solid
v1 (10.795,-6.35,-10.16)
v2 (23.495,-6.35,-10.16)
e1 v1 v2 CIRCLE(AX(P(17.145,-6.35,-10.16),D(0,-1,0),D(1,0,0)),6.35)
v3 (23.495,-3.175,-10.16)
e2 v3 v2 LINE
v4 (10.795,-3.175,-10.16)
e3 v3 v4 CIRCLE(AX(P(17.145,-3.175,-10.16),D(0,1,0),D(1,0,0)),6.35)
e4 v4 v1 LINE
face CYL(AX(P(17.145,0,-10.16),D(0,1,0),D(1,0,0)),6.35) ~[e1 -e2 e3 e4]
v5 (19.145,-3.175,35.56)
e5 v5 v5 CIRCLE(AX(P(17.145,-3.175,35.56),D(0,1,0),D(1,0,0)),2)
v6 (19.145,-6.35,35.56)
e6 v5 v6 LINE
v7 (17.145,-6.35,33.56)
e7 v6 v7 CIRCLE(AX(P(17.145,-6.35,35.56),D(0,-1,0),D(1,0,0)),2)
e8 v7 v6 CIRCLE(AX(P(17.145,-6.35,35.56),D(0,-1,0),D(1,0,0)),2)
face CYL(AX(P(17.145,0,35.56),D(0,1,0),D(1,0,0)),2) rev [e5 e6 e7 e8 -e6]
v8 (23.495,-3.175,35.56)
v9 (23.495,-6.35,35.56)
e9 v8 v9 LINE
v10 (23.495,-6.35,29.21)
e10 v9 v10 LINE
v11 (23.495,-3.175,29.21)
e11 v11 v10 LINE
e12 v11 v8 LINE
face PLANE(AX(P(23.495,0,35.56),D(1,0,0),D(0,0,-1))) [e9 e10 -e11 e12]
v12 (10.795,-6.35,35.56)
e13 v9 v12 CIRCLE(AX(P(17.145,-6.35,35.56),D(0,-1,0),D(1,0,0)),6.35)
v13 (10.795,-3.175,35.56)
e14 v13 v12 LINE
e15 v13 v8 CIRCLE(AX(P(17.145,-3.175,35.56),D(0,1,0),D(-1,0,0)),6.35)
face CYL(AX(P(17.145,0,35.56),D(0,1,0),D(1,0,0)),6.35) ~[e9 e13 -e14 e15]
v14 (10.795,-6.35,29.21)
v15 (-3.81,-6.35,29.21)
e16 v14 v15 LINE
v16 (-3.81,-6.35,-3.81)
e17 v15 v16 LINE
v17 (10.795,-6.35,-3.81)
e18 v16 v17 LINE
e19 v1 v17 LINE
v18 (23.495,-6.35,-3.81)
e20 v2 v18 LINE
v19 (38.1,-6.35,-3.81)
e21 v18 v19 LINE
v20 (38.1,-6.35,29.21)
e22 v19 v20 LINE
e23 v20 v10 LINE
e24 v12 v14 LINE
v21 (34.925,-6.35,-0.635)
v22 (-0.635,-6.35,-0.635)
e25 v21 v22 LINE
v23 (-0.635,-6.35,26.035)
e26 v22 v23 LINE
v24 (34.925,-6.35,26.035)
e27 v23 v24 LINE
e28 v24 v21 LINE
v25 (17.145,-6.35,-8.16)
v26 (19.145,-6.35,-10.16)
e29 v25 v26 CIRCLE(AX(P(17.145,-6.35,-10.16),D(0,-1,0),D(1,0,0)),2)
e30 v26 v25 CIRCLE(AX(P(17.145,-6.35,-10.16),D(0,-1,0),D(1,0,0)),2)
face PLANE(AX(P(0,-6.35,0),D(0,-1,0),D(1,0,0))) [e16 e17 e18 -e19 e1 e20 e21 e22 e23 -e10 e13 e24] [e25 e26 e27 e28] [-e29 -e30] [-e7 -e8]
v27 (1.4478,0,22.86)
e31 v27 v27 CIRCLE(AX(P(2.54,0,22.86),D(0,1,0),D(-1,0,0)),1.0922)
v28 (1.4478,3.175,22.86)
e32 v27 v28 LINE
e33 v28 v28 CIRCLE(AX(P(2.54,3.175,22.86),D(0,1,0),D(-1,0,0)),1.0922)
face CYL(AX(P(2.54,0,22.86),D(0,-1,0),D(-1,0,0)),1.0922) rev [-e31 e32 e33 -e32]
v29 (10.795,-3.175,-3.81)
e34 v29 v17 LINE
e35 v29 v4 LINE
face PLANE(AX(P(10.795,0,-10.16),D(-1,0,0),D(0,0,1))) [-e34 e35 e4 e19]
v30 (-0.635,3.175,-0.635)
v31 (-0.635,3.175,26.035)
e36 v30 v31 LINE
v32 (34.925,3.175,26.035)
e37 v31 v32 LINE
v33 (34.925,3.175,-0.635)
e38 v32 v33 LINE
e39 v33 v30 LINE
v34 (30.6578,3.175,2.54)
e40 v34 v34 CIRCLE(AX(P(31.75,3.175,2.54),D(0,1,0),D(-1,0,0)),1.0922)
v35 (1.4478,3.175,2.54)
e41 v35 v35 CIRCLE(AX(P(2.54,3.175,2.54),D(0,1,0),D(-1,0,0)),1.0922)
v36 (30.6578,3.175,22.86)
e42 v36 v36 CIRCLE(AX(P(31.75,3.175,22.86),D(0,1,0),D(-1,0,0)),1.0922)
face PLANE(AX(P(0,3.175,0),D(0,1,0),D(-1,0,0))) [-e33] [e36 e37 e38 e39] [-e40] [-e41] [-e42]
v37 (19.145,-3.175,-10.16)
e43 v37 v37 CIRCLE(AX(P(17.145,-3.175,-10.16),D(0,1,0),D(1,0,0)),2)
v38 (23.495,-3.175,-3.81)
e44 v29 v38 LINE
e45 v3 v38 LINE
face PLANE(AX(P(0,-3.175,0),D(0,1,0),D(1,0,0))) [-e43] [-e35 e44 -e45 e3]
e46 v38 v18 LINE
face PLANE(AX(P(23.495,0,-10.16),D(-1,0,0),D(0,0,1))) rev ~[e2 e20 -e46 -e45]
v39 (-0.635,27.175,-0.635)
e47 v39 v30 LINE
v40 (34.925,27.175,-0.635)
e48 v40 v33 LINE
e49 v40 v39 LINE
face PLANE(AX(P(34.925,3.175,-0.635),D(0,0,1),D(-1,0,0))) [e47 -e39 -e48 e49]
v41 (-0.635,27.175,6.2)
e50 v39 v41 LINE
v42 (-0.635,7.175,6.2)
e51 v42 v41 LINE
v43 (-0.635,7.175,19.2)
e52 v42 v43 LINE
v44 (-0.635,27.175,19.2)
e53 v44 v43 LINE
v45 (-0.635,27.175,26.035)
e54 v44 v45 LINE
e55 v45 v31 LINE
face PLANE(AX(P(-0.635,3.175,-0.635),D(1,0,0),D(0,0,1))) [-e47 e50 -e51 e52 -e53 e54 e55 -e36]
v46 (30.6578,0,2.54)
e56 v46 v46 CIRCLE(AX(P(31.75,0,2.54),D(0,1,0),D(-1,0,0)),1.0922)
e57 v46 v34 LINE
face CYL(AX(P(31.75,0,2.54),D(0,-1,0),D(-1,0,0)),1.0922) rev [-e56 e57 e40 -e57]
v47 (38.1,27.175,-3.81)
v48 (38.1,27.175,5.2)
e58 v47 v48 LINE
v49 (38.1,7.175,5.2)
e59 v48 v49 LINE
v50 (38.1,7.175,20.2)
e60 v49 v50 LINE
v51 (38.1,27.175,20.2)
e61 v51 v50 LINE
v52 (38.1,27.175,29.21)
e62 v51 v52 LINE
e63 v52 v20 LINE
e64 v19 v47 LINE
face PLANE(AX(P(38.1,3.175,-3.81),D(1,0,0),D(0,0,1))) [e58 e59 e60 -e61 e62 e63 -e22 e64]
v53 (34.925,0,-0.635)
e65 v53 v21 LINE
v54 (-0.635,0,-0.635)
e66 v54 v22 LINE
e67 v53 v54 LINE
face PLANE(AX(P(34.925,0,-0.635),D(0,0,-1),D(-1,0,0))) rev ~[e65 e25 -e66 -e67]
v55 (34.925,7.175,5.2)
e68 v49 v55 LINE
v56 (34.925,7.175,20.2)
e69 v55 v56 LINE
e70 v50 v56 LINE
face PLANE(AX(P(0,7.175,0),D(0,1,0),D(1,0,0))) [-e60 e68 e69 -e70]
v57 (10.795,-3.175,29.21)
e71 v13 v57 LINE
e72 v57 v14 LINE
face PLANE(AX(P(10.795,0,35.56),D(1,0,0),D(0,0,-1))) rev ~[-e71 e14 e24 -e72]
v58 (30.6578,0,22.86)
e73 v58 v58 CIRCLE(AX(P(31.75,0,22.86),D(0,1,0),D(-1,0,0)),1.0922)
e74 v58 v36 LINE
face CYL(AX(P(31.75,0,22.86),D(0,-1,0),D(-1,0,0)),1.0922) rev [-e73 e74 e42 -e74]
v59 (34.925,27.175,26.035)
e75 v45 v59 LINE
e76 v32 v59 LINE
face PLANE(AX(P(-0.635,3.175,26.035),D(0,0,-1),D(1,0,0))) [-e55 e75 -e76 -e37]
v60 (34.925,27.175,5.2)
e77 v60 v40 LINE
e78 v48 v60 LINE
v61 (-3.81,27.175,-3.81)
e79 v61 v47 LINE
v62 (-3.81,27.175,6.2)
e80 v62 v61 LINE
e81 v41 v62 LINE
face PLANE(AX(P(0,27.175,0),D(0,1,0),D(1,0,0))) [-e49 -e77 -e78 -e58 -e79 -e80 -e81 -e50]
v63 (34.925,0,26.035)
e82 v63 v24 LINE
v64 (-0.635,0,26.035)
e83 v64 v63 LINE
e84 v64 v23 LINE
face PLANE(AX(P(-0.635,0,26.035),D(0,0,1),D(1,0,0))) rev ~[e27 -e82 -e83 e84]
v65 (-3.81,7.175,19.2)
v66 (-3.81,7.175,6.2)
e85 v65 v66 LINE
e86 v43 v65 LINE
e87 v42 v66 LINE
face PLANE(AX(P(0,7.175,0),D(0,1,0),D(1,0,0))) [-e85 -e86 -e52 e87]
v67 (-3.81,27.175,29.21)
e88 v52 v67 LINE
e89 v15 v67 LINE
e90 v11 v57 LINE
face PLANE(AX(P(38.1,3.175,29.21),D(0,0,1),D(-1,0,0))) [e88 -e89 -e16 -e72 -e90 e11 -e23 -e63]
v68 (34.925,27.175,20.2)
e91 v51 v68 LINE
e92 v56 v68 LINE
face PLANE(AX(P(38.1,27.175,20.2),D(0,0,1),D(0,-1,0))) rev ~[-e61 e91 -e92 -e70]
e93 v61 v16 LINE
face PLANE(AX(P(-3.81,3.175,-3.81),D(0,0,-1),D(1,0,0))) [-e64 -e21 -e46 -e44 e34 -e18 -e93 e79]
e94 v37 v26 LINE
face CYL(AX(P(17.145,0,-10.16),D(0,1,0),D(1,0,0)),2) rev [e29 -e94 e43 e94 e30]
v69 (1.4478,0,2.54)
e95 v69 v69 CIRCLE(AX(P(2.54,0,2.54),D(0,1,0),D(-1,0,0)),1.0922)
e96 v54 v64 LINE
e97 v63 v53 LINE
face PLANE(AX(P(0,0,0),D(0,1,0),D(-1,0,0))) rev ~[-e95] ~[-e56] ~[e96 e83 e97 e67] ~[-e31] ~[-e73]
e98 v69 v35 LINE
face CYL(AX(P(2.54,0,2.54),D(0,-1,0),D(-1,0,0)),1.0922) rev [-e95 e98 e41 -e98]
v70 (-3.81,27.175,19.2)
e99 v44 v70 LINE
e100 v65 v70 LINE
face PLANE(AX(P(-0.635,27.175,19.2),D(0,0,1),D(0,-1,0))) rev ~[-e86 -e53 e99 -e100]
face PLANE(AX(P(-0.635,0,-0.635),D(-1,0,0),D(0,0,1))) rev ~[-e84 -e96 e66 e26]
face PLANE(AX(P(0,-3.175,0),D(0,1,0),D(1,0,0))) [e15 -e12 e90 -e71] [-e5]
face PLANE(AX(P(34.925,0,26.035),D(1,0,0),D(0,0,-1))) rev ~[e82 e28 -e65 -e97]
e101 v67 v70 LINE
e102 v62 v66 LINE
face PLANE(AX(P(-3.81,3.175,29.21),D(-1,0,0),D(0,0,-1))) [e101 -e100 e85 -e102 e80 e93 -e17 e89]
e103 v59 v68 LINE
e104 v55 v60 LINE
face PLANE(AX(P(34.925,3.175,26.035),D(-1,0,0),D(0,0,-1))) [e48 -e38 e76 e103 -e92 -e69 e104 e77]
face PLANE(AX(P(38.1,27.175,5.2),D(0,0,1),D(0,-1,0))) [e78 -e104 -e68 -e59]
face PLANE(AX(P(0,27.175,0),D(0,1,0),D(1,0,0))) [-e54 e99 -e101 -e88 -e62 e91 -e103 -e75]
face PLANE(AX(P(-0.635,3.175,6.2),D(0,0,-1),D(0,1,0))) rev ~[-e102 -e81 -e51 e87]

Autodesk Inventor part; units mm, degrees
ref_plane "YZ Plane" through (0, 0, 0) normal (1, 0, 0) x (0, 1, 0)
ref_plane "XZ Plane" through (0, 0, 0) normal (0, 1, 0) x (-1, 0, 0)
ref_plane "XY Plane" through (0, 0, 0) normal (0, 0, 1) x (1, 0, 0)
sketch "Sketch1" plane through (0, 0, 0) normal (0, 1, 0) x (-1, 0, 0)
  line L0 (0, 0) -> (-34.29, 0)
  line L1 (-34.29, 0) -> (-34.29, 25.4)
  line L2 (-34.29, 25.4) -> (0, 25.4)
  line L3 (0, 25.4) -> (0, 0)
  line L4 (0, 25.4) -> (-2.54, 25.4) construction
  line L5 (-2.54, 25.4) -> (-2.54, 22.86) construction
  line L6 (-2.54, 22.86) -> (0, 22.86) construction
  line L7 (0, 22.86) -> (0, 25.4) construction
  line L8 (0, 0) -> (-2.54, 0) construction
  line L9 (-2.54, 0) -> (-2.54, 2.54) construction
  line L10 (-2.54, 2.54) -> (0, 2.54) construction
  line L11 (0, 2.54) -> (0, 0) construction
  line L12 (-34.29, 25.4) -> (-31.75, 25.4) construction
  line L13 (-31.75, 25.4) -> (-31.75, 22.86) construction
  line L14 (-31.75, 22.86) -> (-34.29, 22.86) construction
  line L15 (-34.29, 22.86) -> (-34.29, 25.4) construction
  line L16 (-34.29, 0) -> (-31.75, 0) construction
  line L17 (-31.75, 0) -> (-31.75, 2.54) construction
  line L18 (-31.75, 2.54) -> (-34.29, 2.54) construction
  line L19 (-34.29, 2.54) -> (-34.29, 0) construction
  circle A0 centre (-2.54, 22.86) radius 1.0922
  circle A1 centre (-2.54, 2.54) radius 1.0922
  circle A2 centre (-31.75, 2.54) radius 1.0922
  circle A3 centre (-31.75, 22.86) radius 1.0922
  line L20 (0.635, 26.035) -> (-34.925, 26.035)
  line L21 (-34.925, 26.035) -> (-34.925, -0.635)
  line L22 (-34.925, -0.635) -> (0.635, -0.635)
  line L23 (0.635, -0.635) -> (0.635, 26.035)
  dimension "d0" = 34.29
  dimension "d1" = 25.4
  dimension "d2" = 2.54
  dimension "d3" = 2.54
  dimension "d4" = 2.54
  dimension "d5" = 2.54
  dimension "d6" = 2.54
  dimension "d7" = 2.54
  dimension "d8" = 2.54
  dimension "d9" = 2.54
  dimension "d10" = 2.1844
  dimension "d11" = 2.1844
  dimension "d12" = 2.1844
  dimension "d13" = 2.1844
  dimension "d14" = 0.635
extrude "Extrusion1" add sketch "Sketch1" along normal blind 3.175 contours L0 L1 L2 L3 | L23 L22 L21 L20
sketch "Sketch2" plane through (0, 3.175, 0) normal (0, 1, 0) x (1, 0, 0)
  line L0 (34.925, -26.035) -> (34.925, 0.635) projected
  line L1 (34.925, 0.635) -> (-0.635, 0.635) projected
  line L2 (-0.635, 0.635) -> (-0.635, -26.035) projected
  line L3 (-0.635, -26.035) -> (34.925, -26.035) projected
  circle A0 centre (2.54, -22.86) radius 1.0922 projected
  circle A1 centre (2.54, -2.54) radius 1.0922 projected
  circle A2 centre (31.75, -2.54) radius 1.0922 projected
  circle A3 centre (31.75, -22.86) radius 1.0922 projected
  line L4 (-3.81, -29.21) -> (-3.81, 3.81)
  line L5 (-3.81, 3.81) -> (38.1, 3.81)
  line L6 (38.1, 3.81) -> (38.1, -29.21)
  line L7 (38.1, -29.21) -> (-3.81, -29.21)
  point P0 (0, 0)
  dimension "d17" = 3.175
extrude "Extrusion2" add sketch "Sketch2" along normal blind 24 and the other way blind 3.175 contours L4 L5 L6 L7
sketch "Sketch3" plane through (38.1, 0, -3.81) normal (1, 0, 0) x (0, 0, -1)
  line L0 (-3.175, 27.175) -> (-29.845, 27.175) projected
  line L1 (-16.51, 27.175) -> (-24.01, 27.175)
  line L2 (-24.01, 27.175) -> (-9.01, 27.175)
  line L3 (-9.01, 27.175) -> (-9.01, 3.175)
  line L4 (-29.845, 3.175) -> (-3.175, 3.175) projected
  line L5 (-24.01, 27.175) -> (-24.01, 3.175)
  point P0 (-3.81, 0)
  dimension "d22" = 7.5
  dimension "d23" = 15
extrude "Extrusion3" cut sketch "Sketch3" against normal blind 24
sketch "Sketch4" plane through (-0.635, 3.175, 26.035) normal (1, 0, 0) x (0, 0, -1)
  line L0 (29.845, 24) -> (-3.175, 24) projected
  line L1 (13.335, 24) -> (6.835, 24)
  line L2 (6.835, 24) -> (19.835, 24)
  line L3 (26.67, 0) -> (0, 0) projected
  line L4 (19.835, 24) -> (6.835, 24)
  line L5 (6.835, 24) -> (6.835, 0)
  line L6 (6.835, 0) -> (19.835, 0)
  line L7 (19.835, 0) -> (19.835, 24)
  point P0 (26.035, -3.175)
  dimension "d26" = 6.5
  dimension "d27" = 13
extrude "Extrusion4" cut sketch "Sketch4" against normal blind 24
sketch "Sketch5" plane through (0, 0, 0) normal (0, -1, 0) x (1, 0, 0)
  line L0 (38.1, -3.81) -> (38.1, 29.21) projected
  line L1 (38.1, 29.21) -> (-3.81, 29.21) projected
  line L2 (-3.81, 29.21) -> (-3.81, -3.81) projected
  line L3 (-3.81, -3.81) -> (38.1, -3.81) projected
  circle A0 centre (2.54, 22.86) radius 1.0922 projected
  circle A1 centre (2.54, 2.54) radius 1.0922 projected
  circle A2 centre (31.75, 2.54) radius 1.0922 projected
  circle A3 centre (31.75, 22.86) radius 1.0922 projected
  line L4 (-0.635, -0.635) -> (-0.635, 26.035)
  line L5 (-0.635, 26.035) -> (34.925, 26.035)
  line L6 (34.925, 26.035) -> (34.925, -0.635)
  line L7 (34.925, -0.635) -> (-0.635, -0.635)
  line L8 (17.145, 29.21) -> (17.145, 35.56)
  line L9 (17.145, -3.81) -> (17.145, -10.16)
  circle A4 centre (17.145, 35.56) radius 2
  circle A5 centre (17.145, -10.16) radius 2
  circle A6 centre (17.145, 35.56) radius 6.35
  circle A7 centre (17.145, -10.16) radius 6.35
  line L10 (23.495, 35.56) -> (23.495, 29.21)
  line L11 (10.795, 35.56) -> (10.795, 29.21)
  line L12 (10.795, -10.16) -> (10.795, -3.81)
  line L13 (23.495, -10.16) -> (23.495, -3.81)
  point P0 (0, 0)
  dimension "d30" = 3.175
  dimension "d31" = 6.35
  dimension "d32" = 6.35
  dimension "d33" = 4
  dimension "d34" = 4
extrude "Extrusion5" add sketch "Sketch5" along normal blind 6.35 contours L3 L2 L1 L0 | L13 A7 L3 | L1 A6 L10 | A7 L12 L3 | A7 | L1 L11 A6 | A6
sketch "Sketch6" plane through (0, 3.175, 0) normal (0, 1, 0) x (1, 0, 0)
  circle A0 centre (31.75, -22.86) radius 1.0922 projected
  circle A1 centre (31.75, -2.54) radius 1.0922 projected
  circle A2 centre (2.54, -2.54) radius 1.0922 projected
  circle A3 centre (2.54, -22.86) radius 1.0922 projected
  line L0 (34.925, -5.2) -> (34.925, 0.635) projected
  line L1 (34.925, 0.635) -> (-0.635, 0.635) projected
  line L2 (-0.635, 0.635) -> (-0.635, -6.2) projected
  line L3 (-0.635, -6.2) -> (-3.81, -6.2) projected
  line L4 (-3.81, -19.2) -> (-3.81, -6.2) projected
  line L5 (-0.635, -19.2) -> (-3.81, -19.2) projected
  line L6 (-0.635, -19.2) -> (-0.635, -26.035) projected
  line L7 (-0.635, -26.035) -> (34.925, -26.035) projected
  line L8 (34.925, -26.035) -> (34.925, -20.2) projected
  line L9 (38.1, -20.2) -> (34.925, -20.2) projected
  line L10 (38.1, -5.2) -> (38.1, -20.2) projected
  line L11 (38.1, -5.2) -> (34.925, -5.2) projected
  line L12 (-0.635, -6.2) -> (-0.635, -19.2)
  line L13 (34.925, -5.2) -> (34.925, -20.2)
  point P0 (0, 0)
extrude "Extrusion6" add sketch "Sketch6" along normal blind 4 contours L11 L10 L9 L13 | L12 L5 L4 L3
sketch "Sketch7" plane through (0, 0, 0) normal (0, 1, 0) x (1, 0, 0)
  line L0 (10.795, 3.81) -> (23.495, 3.81) projected
  line L1 (23.495, 10.16) -> (23.495, 3.81) projected
  arc A0 (23.495, 10.16) -> (10.795, 10.16) centre (17.145, 10.16) ccw projected
  line L2 (10.795, 3.81) -> (10.795, 10.16) projected
  circle A1 centre (17.145, 10.16) radius 2 projected
  circle A2 centre (17.145, -35.56) radius 2 projected
  line L3 (23.495, -29.21) -> (10.795, -29.21) projected
  line L4 (10.795, -35.56) -> (10.795, -29.21) projected
  arc A3 (10.795, -35.56) -> (23.495, -35.56) centre (17.145, -35.56) ccw projected
  line L5 (23.495, -29.21) -> (23.495, -35.56) projected
  point P0 (0, 0)
extrude "Extrusion7" cut sketch "Sketch7" against normal blind 3.175
properties part number "pololuCaseBottom"
